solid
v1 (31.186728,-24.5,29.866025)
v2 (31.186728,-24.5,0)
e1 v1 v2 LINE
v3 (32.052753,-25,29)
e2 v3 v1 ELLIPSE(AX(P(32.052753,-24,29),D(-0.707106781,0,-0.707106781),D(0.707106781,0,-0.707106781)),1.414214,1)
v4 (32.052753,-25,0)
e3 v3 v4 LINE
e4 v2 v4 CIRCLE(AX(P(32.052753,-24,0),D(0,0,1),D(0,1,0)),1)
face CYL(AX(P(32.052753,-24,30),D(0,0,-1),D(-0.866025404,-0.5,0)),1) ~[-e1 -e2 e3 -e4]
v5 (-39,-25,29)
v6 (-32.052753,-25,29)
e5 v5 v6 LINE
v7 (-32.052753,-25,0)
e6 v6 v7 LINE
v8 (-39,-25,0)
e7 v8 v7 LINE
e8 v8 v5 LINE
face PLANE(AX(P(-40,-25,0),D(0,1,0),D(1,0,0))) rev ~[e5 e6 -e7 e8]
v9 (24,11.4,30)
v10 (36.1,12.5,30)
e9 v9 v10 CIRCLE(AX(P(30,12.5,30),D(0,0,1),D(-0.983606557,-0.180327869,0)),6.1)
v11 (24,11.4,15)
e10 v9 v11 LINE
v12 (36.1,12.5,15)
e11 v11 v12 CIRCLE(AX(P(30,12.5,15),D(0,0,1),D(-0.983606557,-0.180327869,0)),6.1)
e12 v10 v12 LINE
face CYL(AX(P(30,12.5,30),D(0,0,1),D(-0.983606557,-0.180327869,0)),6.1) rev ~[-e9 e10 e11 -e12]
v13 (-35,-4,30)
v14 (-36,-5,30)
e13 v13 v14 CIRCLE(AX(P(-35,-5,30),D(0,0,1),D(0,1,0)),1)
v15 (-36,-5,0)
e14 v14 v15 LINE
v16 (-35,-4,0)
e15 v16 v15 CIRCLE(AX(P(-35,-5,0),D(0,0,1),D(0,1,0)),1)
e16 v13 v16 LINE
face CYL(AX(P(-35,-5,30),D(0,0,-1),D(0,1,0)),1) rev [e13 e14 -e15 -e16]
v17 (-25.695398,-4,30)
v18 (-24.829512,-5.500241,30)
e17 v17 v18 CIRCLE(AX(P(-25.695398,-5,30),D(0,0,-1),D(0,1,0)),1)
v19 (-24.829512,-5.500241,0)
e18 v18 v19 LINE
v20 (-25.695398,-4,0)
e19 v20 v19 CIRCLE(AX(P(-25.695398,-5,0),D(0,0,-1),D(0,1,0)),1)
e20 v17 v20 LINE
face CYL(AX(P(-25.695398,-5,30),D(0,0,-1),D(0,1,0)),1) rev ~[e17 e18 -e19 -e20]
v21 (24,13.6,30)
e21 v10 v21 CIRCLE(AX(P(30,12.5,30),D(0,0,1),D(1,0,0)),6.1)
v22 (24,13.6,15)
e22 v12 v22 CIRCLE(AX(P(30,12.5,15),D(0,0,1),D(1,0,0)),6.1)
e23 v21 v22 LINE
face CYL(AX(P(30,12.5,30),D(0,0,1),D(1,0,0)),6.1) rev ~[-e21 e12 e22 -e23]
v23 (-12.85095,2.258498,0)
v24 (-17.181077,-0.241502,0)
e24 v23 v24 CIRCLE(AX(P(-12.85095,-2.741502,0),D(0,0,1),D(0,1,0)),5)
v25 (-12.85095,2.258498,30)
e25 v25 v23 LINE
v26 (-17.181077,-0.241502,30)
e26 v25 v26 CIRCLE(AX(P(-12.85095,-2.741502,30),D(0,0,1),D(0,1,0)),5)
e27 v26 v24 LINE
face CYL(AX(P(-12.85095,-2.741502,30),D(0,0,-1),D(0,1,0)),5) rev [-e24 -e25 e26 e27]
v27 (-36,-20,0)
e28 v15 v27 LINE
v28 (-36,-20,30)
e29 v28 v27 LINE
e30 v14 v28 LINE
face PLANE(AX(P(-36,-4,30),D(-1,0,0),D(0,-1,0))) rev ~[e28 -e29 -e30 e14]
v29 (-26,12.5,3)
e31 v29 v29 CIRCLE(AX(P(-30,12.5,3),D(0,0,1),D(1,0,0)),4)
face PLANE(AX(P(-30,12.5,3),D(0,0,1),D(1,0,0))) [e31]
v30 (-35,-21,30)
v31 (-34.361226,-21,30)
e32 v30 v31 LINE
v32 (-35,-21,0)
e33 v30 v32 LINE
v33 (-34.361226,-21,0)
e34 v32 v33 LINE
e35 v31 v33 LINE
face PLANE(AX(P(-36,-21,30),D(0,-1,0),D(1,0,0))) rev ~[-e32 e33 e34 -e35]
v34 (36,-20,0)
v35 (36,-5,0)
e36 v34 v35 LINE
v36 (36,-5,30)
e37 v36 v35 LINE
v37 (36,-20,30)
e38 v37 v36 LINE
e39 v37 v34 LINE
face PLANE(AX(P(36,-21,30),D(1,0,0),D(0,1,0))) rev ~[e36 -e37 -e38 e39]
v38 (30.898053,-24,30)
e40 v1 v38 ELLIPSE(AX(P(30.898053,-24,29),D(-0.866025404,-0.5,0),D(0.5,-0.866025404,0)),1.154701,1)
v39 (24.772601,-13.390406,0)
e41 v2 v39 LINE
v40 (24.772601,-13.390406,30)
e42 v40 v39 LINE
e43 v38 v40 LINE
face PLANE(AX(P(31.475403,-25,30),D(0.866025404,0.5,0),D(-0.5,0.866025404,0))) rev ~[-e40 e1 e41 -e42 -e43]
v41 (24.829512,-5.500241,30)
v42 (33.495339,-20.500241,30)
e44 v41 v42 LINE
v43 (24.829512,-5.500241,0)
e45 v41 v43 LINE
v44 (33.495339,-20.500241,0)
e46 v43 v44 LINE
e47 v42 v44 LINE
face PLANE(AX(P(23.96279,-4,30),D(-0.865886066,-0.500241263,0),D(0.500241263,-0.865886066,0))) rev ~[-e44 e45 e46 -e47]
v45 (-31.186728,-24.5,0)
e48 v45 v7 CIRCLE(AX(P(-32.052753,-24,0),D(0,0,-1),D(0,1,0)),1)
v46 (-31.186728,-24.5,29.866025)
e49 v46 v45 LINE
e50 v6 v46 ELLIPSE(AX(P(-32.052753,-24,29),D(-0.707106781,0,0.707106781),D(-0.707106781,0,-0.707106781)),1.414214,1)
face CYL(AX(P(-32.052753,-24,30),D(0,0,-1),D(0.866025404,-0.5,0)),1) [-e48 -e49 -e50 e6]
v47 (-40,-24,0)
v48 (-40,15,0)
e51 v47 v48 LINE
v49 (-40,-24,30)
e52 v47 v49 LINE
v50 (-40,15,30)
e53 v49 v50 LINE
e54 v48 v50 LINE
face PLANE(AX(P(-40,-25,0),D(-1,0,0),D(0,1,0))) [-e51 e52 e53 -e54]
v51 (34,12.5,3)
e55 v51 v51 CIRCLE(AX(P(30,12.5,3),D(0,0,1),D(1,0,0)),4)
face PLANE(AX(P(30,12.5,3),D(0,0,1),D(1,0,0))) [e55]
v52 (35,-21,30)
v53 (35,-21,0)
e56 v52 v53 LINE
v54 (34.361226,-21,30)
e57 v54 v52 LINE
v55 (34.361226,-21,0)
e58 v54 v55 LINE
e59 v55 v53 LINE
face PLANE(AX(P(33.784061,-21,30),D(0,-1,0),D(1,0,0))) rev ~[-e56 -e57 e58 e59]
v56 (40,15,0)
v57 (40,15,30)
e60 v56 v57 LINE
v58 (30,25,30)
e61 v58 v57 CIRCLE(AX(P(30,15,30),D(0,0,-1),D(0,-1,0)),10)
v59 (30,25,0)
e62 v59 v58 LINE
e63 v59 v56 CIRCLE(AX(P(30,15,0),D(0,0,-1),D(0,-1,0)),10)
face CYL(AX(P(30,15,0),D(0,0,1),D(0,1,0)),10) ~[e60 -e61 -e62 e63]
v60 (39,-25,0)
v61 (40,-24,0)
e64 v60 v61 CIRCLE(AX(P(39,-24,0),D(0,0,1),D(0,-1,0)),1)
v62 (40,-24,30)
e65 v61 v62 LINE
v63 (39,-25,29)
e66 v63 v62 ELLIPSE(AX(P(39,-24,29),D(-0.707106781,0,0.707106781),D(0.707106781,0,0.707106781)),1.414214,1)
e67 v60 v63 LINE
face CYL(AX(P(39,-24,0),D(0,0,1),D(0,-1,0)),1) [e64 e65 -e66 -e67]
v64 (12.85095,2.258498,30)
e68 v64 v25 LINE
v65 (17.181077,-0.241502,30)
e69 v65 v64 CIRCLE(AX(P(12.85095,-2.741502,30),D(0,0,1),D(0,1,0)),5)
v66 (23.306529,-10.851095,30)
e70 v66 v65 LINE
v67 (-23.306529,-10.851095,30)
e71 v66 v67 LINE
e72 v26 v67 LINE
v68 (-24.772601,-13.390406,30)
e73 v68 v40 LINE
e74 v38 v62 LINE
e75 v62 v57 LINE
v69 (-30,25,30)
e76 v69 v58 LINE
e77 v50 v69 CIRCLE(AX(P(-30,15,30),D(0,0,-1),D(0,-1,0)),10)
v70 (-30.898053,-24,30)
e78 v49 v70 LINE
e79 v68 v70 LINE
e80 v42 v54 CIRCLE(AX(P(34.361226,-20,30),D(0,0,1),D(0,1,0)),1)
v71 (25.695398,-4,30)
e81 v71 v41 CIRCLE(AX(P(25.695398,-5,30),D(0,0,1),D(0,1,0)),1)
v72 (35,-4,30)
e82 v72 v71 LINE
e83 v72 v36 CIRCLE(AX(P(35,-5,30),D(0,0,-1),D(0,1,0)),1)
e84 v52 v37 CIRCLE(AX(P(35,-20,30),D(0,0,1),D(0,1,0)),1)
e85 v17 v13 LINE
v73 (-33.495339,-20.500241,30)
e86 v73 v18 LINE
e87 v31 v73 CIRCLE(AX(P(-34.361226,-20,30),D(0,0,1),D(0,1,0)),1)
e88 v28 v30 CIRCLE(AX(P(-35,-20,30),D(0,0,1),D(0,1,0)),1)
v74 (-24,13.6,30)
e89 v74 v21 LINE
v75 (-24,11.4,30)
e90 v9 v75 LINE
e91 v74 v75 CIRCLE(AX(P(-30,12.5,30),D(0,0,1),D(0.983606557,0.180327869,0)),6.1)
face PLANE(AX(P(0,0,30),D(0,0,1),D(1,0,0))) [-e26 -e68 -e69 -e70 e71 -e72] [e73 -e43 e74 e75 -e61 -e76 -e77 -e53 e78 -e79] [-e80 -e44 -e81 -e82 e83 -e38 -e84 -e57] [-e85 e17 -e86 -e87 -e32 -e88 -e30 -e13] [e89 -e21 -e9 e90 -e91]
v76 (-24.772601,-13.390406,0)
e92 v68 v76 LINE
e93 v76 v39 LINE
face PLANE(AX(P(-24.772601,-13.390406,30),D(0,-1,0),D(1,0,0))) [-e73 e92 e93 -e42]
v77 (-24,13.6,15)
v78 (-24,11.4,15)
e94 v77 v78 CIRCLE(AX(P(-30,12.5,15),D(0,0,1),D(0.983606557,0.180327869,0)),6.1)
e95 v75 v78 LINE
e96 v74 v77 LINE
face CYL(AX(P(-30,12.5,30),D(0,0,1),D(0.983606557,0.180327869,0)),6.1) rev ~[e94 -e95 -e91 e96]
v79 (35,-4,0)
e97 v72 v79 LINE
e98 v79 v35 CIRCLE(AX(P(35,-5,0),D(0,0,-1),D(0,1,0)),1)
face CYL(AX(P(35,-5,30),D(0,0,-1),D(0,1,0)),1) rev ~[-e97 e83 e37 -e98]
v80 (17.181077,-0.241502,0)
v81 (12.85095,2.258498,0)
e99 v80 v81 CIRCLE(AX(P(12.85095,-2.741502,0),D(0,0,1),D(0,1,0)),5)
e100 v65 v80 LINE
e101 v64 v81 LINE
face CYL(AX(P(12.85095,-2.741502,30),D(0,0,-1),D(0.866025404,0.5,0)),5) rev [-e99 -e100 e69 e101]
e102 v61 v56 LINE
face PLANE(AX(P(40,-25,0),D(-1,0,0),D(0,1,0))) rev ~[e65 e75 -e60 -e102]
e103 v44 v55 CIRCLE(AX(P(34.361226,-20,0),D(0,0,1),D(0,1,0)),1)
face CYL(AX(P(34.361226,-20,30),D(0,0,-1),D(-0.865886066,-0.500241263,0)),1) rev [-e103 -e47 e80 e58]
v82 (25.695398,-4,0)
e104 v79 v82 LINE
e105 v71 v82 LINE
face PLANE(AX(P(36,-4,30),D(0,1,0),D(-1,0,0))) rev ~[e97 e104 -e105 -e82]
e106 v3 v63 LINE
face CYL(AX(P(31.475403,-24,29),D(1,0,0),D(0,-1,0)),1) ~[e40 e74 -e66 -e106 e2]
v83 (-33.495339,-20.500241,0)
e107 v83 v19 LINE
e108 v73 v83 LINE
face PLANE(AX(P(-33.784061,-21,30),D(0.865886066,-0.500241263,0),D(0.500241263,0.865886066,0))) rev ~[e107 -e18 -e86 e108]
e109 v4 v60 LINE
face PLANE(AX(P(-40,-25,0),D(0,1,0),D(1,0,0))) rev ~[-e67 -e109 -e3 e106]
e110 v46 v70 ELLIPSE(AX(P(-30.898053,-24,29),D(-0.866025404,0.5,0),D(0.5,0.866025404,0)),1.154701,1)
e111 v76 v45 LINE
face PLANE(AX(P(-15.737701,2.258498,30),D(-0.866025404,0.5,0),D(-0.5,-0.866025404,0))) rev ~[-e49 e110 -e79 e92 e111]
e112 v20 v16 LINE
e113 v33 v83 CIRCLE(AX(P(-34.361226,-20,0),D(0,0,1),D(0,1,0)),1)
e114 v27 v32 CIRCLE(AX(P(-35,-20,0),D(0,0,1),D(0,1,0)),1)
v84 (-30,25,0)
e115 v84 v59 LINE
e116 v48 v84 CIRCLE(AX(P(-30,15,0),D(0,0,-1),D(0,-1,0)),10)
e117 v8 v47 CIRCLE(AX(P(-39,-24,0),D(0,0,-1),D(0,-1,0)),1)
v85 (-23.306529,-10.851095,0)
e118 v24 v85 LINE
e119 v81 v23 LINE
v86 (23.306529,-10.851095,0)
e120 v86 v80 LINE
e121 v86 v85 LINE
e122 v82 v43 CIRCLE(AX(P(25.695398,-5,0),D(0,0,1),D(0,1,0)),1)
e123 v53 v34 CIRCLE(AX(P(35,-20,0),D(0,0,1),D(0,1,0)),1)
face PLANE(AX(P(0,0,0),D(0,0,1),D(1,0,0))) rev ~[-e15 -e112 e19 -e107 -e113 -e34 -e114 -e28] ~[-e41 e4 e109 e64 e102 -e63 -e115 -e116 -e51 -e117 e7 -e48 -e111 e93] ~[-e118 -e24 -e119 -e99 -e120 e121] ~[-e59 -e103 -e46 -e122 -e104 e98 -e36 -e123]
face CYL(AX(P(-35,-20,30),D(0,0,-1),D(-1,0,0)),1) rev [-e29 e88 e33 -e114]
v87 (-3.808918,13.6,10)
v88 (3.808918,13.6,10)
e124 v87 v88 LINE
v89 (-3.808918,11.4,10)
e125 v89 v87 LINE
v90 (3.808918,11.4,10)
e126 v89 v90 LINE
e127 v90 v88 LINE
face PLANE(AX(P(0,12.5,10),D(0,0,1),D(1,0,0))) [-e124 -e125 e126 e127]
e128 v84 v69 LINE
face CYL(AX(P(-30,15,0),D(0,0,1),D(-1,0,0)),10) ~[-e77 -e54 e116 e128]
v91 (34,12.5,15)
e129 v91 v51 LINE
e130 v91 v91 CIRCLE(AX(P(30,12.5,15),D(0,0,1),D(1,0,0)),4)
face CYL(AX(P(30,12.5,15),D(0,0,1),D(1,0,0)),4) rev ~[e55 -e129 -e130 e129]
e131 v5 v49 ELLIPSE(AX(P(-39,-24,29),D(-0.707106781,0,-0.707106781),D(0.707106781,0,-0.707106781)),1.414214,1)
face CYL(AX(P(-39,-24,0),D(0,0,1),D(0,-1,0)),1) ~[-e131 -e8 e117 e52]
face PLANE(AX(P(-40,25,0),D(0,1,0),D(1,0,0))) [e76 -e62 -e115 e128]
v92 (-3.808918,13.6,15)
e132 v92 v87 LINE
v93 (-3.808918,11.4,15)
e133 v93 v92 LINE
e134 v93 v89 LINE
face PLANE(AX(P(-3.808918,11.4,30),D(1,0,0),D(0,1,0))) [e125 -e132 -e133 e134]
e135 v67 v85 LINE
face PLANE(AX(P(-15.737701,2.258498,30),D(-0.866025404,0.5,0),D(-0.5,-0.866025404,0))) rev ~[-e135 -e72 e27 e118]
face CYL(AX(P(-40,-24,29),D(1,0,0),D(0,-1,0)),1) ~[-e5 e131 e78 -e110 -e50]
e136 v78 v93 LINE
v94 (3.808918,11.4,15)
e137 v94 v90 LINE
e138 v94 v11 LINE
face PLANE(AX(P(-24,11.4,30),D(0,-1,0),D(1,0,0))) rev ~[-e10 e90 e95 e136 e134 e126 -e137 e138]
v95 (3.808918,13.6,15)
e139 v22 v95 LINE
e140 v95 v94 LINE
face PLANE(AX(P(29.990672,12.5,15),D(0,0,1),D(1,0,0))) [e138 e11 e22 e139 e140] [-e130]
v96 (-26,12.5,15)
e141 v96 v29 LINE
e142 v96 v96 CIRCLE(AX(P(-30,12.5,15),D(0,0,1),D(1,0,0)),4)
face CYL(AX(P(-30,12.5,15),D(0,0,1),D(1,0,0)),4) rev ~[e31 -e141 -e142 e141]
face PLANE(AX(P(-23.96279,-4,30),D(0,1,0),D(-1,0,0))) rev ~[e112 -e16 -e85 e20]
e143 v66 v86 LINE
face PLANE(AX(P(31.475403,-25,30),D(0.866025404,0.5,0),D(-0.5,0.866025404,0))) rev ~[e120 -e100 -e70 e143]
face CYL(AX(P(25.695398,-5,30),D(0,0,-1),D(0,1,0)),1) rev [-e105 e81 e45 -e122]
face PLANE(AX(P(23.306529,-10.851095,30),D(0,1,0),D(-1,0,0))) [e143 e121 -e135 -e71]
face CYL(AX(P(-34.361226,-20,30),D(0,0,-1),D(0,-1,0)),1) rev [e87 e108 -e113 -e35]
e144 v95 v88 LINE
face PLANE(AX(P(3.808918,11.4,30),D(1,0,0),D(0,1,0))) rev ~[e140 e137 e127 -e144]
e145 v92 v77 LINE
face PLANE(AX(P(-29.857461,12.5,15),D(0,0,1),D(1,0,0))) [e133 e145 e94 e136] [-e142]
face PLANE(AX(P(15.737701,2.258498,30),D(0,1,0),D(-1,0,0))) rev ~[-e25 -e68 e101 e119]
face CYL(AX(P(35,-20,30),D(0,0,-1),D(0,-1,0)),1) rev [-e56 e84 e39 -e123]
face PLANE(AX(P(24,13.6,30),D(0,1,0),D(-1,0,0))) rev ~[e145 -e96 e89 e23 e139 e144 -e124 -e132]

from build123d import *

# Parameters (mm, degrees)
F0_W      = 80
F0_H      = 50
F1_DEPTH  = 30
F3_DEPTH  = 15
F4_R      = 4
F5_DEPTH  = 12
F6_R      = 10
F8_DEPTH  = 30
F9_R      = 5
F11_DEPTH = 32
F12_R     = 1
F13_R     = 1
F14_W     = 7.6178369459
F14_H     = 2.2
F15_DEPTH = 20
F17_DEPTH = 30


with BuildPart() as f1:
    # F0 (on Top) → F1 (new body)
    with BuildSketch(Plane.XY):
        Rectangle(F0_W, F0_H)
    extrude(amount=F1_DEPTH)

    # F2 (on face) → F3 (cut)
    with BuildSketch(Plane.XY.offset(30)):
        with BuildLine():
            ThreePointArc((-26.0503164684, 11.4), (-34.1, 12.5), (-26.0503164684, 13.6))
            Line((-26.0503164684, 13.6), (-24, 13.6))
            ThreePointArc((-24, 13.6), (-36.1, 12.5), (-24, 11.4))
            Line((-24, 11.4), (-26.0503164684, 11.4))
        make_face()
        with BuildLine():
            ThreePointArc((-26.0503164684, 13.6), (-25.9377529322, 13.0551114844), (-25.9, 12.5))
            ThreePointArc((-25.9, 12.5), (-25.9377529322, 11.9448885156), (-26.0503164684, 11.4))
            Line((-26.0503164684, 11.4), (-24, 11.4))
            ThreePointArc((-24, 11.4), (-23.9250514405, 11.9477319491), (-23.9, 12.5))
            ThreePointArc((-23.9, 12.5), (-23.9250514405, 13.0522680509), (-24, 13.6))
            Line((-24, 13.6), (-26.0503164684, 13.6))
        make_face()
        with BuildLine():
            Line((-30, 13.6), (-26.0503164684, 13.6))
            ThreePointArc((-26.0503164684, 13.6), (-34.1, 12.5), (-26.0503164684, 11.4))
            Line((-26.0503164684, 11.4), (-30, 11.4))
            Line((-30, 11.4), (-30, 13.6))
        make_face()
        with BuildLine():
            ThreePointArc((-26.0503164684, 11.4), (-25.9377529322, 11.9448885156), (-25.9, 12.5))
            ThreePointArc((-25.9, 12.5), (-25.9377529322, 13.0551114844), (-26.0503164684, 13.6))
            Line((-26.0503164684, 13.6), (-30, 13.6))
            Line((-30, 13.6), (-30, 11.4))
            Line((-30, 11.4), (-26.0503164684, 11.4))
        make_face()
        with BuildLine():
            Line((-3.8089184729, 13.6), (-24, 13.6))
            ThreePointArc((-24, 13.6), (-23.9250514405, 13.0522680509), (-23.9, 12.5))
            ThreePointArc((-23.9, 12.5), (-23.9250514405, 11.9477319491), (-24, 11.4))
            Line((-24, 11.4), (-3.8089184729, 11.4))
            Line((-3.8089184729, 11.4), (-3.8089184729, 13.6))
        make_face()
        with BuildLine():
            ThreePointArc((36.1, 12.5), (30.5522680509, 18.5749485595), (24, 13.6))
            Line((24, 13.6), (26.0503164684, 13.6))
            ThreePointArc((26.0503164684, 13.6), (30.5551114844, 16.5622470678), (34.1, 12.5))
            ThreePointArc((34.1, 12.5), (30.5551114844, 8.4377529322), (26.0503164684, 11.4))
            Line((26.0503164684, 11.4), (24, 11.4))
            ThreePointArc((24, 11.4), (30.5522680509, 6.4250514405), (36.1, 12.5))
        make_face()
        with BuildLine():
            Line((26.0503164684, 13.6), (24, 13.6))
            ThreePointArc((24, 13.6), (23.9, 12.5), (24, 11.4))
            Line((24, 11.4), (26.0503164684, 11.4))
            ThreePointArc((26.0503164684, 11.4), (25.9, 12.5), (26.0503164684, 13.6))
        make_face()
        with BuildLine():
            Line((30, 13.6), (26.0503164684, 13.6))
            ThreePointArc((26.0503164684, 13.6), (25.9, 12.5), (26.0503164684, 11.4))
            Line((26.0503164684, 11.4), (30, 11.4))
            Line((30, 11.4), (30, 13.6))
        make_face()
        with BuildLine():
            ThreePointArc((34.1, 12.5), (30.5551114844, 16.5622470678), (26.0503164684, 13.6))
            Line((26.0503164684, 13.6), (30, 13.6))
            Line((30, 13.6), (30, 11.4))
            Line((30, 11.4), (26.0503164684, 11.4))
            ThreePointArc((26.0503164684, 11.4), (30.5551114844, 8.4377529322), (34.1, 12.5))
        make_face()
        with BuildLine():
            Line((24, 13.6), (3.8089184729, 13.6))
            Line((3.8089184729, 13.6), (3.8089184729, 11.4))
            Line((3.8089184729, 11.4), (24, 11.4))
            ThreePointArc((24, 11.4), (23.9, 12.5), (24, 13.6))
        make_face()
    extrude(amount=-F3_DEPTH, mode=Mode.SUBTRACT)

    # F4 (on face) → F5 (cut)
    with BuildSketch(Plane.XY.offset(15)):
        with Locations((-30, 12.5)):
            Circle(F4_R)
        with Locations((30, 12.5)):
            Circle(F4_R)
    extrude(amount=-F5_DEPTH, mode=Mode.SUBTRACT)

    # F6
    f6_edges = [f1.edges().sort_by_distance(p)[0] for p in [
        (-40, 25, 15),
        (40, 25, 15),
    ]]
    fillet(f6_edges, radius=F6_R)

    # F7 (on face) → F8 (cut)
    with BuildSketch(Plane.XY.offset(30)):
        Polygon((15.7377014204, 2.2584984545), (-15.7377014204, 2.2584984545), (-31.4754028408, -25), (31.4754028408, -25), align=None)
    extrude(amount=-F8_DEPTH, mode=Mode.SUBTRACT)

    # F9
    f9_edges = [f1.edges().sort_by_distance(p)[0] for p in [
        (15.737701, 2.258498, 15),
        (-15.737701, 2.258498, 15),
    ]]
    fillet(f9_edges, radius=F9_R)

    # F10 (on face) → F11 (cut)
    with BuildSketch(Plane.XY.offset(30)):
        Polygon((-23.9627902868, -4), (-36, -4), (-36, -21), (-33.7840610196, -21), align=None)
        Polygon((36, -4), (23.9627902868, -4), (33.7840610196, -21), (36, -21), align=None)
    extrude(amount=-F11_DEPTH, mode=Mode.SUBTRACT)

    # F12
    f12_edges = [f1.edges().sort_by_distance(p)[0] for p in [
        (-23.96279, -4, 15),
        (-36, -21, 15),
        (-36, -4, 15),
        (-33.784061, -21, 15),
        (23.96279, -4, 15),
        (36, -4, 15),
        (36, -21, 15),
        (33.784061, -21, 15),
    ]]
    fillet(f12_edges, radius=F12_R)

    # F13
    f13_edges = [f1.edges().sort_by_distance(p)[0] for p in [
        (-35.737701, -25, 30),
        (35.737701, -25, 30),
        (-40, -25, 15),
        (-31.475403, -25, 15),
        (31.475403, -25, 15),
        (40, -25, 15),
    ]]
    fillet(f13_edges, radius=F13_R)

    # F14 (on face) → F15 (cut)
    with BuildSketch(Plane.XY.offset(30)):
        with Locations((0, 12.5)):
            Rectangle(F14_W, F14_H)
    extrude(amount=-F15_DEPTH, mode=Mode.SUBTRACT)

    # F16 (on face) → F17 (join)
    with BuildSketch(Plane.XY.offset(30)):
        Polygon((23.3065289789, -10.8510954306), (-23.3065289789, -10.8510954306), (-24.7726006861, -13.390406115), (24.7726006861, -13.390406115), align=None)
    extrude(amount=-F17_DEPTH)


solid = f1.part
